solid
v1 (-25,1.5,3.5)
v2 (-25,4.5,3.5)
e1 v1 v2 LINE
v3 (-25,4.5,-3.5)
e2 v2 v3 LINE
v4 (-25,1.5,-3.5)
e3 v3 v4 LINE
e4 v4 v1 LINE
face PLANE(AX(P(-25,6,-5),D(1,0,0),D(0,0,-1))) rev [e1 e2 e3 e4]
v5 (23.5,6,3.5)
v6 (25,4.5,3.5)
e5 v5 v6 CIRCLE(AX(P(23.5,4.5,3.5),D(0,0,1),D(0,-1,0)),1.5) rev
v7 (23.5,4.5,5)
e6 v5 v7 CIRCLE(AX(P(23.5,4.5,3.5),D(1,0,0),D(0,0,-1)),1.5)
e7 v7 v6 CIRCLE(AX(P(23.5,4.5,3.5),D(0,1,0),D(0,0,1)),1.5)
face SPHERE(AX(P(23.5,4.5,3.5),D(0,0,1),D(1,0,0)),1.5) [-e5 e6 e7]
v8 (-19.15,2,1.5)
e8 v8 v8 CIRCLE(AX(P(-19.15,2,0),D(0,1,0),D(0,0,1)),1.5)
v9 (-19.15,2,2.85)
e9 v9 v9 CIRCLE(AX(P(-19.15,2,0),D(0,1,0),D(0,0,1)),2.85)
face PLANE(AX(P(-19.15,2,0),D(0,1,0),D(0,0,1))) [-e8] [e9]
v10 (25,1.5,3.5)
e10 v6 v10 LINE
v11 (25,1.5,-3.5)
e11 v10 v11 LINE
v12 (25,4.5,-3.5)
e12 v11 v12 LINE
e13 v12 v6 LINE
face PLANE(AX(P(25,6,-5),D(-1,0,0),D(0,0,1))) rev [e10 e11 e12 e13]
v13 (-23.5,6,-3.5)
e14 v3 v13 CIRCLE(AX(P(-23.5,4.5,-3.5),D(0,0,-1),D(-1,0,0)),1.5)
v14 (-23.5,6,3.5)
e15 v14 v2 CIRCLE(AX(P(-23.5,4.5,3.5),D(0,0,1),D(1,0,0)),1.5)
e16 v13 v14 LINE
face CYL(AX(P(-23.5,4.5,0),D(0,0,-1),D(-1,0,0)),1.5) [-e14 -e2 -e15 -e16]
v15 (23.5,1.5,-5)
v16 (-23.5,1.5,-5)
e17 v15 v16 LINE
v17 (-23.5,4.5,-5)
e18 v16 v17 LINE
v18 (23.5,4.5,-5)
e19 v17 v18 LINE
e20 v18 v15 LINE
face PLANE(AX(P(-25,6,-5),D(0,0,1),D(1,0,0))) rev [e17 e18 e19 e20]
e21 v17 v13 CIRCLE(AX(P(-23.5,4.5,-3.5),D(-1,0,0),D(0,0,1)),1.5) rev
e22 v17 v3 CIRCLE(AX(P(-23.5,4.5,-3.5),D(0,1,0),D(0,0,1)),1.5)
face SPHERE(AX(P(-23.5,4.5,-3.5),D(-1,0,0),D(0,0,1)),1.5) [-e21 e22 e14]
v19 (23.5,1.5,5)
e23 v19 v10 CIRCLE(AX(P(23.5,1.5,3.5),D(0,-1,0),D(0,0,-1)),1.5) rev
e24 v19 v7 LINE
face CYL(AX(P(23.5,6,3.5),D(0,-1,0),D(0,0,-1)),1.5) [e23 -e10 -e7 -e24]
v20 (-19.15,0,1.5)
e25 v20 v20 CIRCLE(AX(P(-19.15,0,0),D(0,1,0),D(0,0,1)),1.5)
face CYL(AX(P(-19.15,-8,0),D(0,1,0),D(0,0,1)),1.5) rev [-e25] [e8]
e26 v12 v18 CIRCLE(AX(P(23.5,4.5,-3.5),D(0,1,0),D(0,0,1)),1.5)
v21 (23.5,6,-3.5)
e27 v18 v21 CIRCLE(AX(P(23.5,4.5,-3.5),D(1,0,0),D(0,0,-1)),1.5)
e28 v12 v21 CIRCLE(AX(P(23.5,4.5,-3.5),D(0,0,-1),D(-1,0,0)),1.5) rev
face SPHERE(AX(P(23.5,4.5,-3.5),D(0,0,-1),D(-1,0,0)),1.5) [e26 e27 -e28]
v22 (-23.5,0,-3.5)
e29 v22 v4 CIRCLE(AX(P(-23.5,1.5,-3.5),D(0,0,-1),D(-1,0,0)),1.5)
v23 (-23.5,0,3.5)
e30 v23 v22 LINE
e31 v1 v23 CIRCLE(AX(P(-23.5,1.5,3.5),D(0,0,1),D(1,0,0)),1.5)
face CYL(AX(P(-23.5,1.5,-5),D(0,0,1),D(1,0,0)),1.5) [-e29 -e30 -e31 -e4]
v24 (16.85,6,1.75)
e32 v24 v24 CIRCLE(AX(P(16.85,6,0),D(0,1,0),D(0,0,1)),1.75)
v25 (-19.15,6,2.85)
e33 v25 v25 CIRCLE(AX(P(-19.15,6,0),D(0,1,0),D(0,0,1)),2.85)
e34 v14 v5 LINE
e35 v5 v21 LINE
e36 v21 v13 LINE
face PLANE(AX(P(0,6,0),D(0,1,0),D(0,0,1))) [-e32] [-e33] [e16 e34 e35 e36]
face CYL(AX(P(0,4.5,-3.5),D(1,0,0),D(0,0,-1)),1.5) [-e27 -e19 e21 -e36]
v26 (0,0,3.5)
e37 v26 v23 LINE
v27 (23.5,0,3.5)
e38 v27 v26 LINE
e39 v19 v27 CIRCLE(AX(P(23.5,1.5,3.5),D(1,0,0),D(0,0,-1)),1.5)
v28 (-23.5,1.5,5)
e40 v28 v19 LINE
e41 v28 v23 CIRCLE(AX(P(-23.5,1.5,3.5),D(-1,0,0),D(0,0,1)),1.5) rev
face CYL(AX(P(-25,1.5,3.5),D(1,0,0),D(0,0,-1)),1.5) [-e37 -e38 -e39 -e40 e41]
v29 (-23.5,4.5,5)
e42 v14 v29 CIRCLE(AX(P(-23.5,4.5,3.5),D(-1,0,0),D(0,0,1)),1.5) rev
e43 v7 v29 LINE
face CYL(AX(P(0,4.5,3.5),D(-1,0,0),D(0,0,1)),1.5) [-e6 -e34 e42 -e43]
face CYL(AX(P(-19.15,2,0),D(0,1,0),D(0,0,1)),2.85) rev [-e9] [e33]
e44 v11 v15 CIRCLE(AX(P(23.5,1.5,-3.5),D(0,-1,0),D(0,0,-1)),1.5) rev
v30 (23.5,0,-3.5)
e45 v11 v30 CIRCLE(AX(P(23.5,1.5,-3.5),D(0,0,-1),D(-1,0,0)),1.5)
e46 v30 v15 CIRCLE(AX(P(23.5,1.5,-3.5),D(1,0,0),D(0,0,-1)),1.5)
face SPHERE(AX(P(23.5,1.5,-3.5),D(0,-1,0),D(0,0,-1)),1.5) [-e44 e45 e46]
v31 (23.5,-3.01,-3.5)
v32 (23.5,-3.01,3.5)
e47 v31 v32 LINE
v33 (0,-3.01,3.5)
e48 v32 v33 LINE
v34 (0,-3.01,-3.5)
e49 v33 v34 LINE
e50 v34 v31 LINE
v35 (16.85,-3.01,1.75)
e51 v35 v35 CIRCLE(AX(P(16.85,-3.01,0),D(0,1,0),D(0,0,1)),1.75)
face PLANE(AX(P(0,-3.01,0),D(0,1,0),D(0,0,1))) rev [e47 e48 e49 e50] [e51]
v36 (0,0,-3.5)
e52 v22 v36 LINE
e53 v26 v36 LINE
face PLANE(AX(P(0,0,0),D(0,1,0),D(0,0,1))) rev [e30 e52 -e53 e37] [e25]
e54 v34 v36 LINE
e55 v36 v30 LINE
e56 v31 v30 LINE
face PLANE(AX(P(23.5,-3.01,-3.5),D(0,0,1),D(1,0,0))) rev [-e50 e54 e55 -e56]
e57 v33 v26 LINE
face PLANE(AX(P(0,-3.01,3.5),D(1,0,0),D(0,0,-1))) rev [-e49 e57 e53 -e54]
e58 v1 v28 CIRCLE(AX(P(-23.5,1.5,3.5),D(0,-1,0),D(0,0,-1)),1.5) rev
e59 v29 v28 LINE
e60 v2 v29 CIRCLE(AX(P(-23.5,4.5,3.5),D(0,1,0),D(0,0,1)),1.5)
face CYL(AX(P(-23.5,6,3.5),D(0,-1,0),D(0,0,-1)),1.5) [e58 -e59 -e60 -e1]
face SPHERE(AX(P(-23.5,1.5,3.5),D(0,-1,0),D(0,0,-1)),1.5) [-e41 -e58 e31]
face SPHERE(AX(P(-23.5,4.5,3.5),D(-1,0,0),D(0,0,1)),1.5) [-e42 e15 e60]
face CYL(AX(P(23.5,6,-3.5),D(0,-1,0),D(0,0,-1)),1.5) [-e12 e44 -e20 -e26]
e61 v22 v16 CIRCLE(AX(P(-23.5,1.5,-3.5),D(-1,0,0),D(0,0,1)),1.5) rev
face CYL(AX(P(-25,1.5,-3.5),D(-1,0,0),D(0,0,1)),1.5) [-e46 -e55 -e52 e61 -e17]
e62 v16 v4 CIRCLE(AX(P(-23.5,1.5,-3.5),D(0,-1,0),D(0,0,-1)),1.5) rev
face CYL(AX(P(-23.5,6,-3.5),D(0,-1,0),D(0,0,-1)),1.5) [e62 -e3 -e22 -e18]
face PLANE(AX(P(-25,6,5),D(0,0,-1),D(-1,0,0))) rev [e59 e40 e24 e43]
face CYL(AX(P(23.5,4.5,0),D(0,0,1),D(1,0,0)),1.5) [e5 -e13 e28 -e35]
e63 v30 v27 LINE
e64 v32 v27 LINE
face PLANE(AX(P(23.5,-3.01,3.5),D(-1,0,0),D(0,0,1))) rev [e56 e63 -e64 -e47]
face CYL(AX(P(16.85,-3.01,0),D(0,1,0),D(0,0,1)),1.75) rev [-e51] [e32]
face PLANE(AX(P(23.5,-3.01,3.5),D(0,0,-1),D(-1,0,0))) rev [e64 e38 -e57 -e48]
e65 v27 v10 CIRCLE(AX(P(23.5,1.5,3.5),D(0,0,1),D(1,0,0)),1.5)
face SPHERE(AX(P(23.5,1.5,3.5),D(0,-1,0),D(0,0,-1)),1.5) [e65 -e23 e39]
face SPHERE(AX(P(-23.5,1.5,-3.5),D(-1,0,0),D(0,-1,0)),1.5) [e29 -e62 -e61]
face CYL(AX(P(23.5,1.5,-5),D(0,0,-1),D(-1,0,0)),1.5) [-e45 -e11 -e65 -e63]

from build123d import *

# Parameters (mm, degrees)
SKETCH1_W               = 50
SKETCH1_H               = 10
BOSS_EXTRUDE1_DEPTH     = 6
SKETCH2_R               = 2.85
SKETCH2_R_2             = 1.5
CUT_EXTRUDE1_DEPTH      = 4
SKETCH3_R               = 1.5
CUT_EXTRUDE2_DEPTH      = 4
FILLET1_R               = 1.5
SKETCH6_W               = 23.5
SKETCH6_H               = 7
BOSS_EXTRUDE3_DEPTH     = 3.01
CUT_EXTRUDE4_DEPTH      = 27.191601707
CUT_EXTRUDE4_DEPTH_BACK = 27.191601707
SKETCH7_R               = 1.75
SKETCH8_R               = 1.5
CUT_EXTRUDE5_DEPTH      = 10


with BuildPart() as part:
    # Sketch1 → Boss-Extrude1 (new body)
    with BuildSketch(Plane(origin=(0, 0, 0), x_dir=(1, 0, 0), z_dir=(0, 1, 0))):
        Rectangle(SKETCH1_W, SKETCH1_H)
    extrude(amount=BOSS_EXTRUDE1_DEPTH)

    # Sketch2 → Cut-Extrude1 (cut)
    with BuildSketch(Plane(origin=(0, 6, 0), x_dir=(1, 0, 0), z_dir=(0, 1, 0))):
        with Locations(Location((-19.15, 0, 0), (0, 0, 270))):
            Circle(SKETCH2_R)
        with Locations(Location((16.85, 0, 0), (0, 0, 270))):
            Circle(SKETCH2_R_2)
    extrude(amount=-CUT_EXTRUDE1_DEPTH, mode=Mode.SUBTRACT)

    # Sketch3 → Cut-Extrude2 (cut)
    with BuildSketch(Plane(origin=(0, 2, 0), x_dir=(1, 0, 0), z_dir=(0, 1, 0))):
        with Locations(Location((16.85, 0, 0), (0, 0, 270))):
            Circle(SKETCH3_R)
    extrude(amount=-CUT_EXTRUDE2_DEPTH, mode=Mode.SUBTRACT)

    # Fillet1
    fillet1_edges = [part.edges().sort_by_distance(p)[0] for p in [
        (-25, 6, 0),
        (0, 6, 5),
        (25, 6, 0),
        (0, 0, 5),
        (-25, 0, 0),
        (0, 0, -5),
        (25, 0, 0),
        (25, 3, 5),
        (-25, 3, 5),
        (-25, 3, -5),
        (25, 3, -5),
        (0, 6, -5),
    ]]
    fillet(fillet1_edges, radius=FILLET1_R)

    # Sketch6 → Boss-Extrude3 (add)
    with BuildSketch(Plane.XZ):
        with Locations((11.75, 0)):
            Rectangle(SKETCH6_W, SKETCH6_H)
    extrude(amount=BOSS_EXTRUDE3_DEPTH)

    # Sketch7 → Cut-Extrude4 (cut, two sides: drawn at the far end of the back side and taken through both)
    with BuildSketch(Plane(origin=(0, 0, 0), x_dir=(1, 0, 0), z_dir=(0, 1, 0)).offset(-CUT_EXTRUDE4_DEPTH_BACK)):
        with Locations(Location((16.85, 0, 0), (0, 0, 270))):
            Circle(SKETCH7_R)
    extrude(amount=CUT_EXTRUDE4_DEPTH + CUT_EXTRUDE4_DEPTH_BACK, mode=Mode.SUBTRACT)

    # Sketch8 → Cut-Extrude5 (cut)
    with BuildSketch(Plane(origin=(0, 2, 0), x_dir=(1, 0, 0), z_dir=(0, 1, 0))):
        with Locations(Location((-19.15, 0, 0), (0, 0, 270))):
            Circle(SKETCH8_R)
    extrude(amount=-CUT_EXTRUDE5_DEPTH, mode=Mode.SUBTRACT)


solid = part.part
